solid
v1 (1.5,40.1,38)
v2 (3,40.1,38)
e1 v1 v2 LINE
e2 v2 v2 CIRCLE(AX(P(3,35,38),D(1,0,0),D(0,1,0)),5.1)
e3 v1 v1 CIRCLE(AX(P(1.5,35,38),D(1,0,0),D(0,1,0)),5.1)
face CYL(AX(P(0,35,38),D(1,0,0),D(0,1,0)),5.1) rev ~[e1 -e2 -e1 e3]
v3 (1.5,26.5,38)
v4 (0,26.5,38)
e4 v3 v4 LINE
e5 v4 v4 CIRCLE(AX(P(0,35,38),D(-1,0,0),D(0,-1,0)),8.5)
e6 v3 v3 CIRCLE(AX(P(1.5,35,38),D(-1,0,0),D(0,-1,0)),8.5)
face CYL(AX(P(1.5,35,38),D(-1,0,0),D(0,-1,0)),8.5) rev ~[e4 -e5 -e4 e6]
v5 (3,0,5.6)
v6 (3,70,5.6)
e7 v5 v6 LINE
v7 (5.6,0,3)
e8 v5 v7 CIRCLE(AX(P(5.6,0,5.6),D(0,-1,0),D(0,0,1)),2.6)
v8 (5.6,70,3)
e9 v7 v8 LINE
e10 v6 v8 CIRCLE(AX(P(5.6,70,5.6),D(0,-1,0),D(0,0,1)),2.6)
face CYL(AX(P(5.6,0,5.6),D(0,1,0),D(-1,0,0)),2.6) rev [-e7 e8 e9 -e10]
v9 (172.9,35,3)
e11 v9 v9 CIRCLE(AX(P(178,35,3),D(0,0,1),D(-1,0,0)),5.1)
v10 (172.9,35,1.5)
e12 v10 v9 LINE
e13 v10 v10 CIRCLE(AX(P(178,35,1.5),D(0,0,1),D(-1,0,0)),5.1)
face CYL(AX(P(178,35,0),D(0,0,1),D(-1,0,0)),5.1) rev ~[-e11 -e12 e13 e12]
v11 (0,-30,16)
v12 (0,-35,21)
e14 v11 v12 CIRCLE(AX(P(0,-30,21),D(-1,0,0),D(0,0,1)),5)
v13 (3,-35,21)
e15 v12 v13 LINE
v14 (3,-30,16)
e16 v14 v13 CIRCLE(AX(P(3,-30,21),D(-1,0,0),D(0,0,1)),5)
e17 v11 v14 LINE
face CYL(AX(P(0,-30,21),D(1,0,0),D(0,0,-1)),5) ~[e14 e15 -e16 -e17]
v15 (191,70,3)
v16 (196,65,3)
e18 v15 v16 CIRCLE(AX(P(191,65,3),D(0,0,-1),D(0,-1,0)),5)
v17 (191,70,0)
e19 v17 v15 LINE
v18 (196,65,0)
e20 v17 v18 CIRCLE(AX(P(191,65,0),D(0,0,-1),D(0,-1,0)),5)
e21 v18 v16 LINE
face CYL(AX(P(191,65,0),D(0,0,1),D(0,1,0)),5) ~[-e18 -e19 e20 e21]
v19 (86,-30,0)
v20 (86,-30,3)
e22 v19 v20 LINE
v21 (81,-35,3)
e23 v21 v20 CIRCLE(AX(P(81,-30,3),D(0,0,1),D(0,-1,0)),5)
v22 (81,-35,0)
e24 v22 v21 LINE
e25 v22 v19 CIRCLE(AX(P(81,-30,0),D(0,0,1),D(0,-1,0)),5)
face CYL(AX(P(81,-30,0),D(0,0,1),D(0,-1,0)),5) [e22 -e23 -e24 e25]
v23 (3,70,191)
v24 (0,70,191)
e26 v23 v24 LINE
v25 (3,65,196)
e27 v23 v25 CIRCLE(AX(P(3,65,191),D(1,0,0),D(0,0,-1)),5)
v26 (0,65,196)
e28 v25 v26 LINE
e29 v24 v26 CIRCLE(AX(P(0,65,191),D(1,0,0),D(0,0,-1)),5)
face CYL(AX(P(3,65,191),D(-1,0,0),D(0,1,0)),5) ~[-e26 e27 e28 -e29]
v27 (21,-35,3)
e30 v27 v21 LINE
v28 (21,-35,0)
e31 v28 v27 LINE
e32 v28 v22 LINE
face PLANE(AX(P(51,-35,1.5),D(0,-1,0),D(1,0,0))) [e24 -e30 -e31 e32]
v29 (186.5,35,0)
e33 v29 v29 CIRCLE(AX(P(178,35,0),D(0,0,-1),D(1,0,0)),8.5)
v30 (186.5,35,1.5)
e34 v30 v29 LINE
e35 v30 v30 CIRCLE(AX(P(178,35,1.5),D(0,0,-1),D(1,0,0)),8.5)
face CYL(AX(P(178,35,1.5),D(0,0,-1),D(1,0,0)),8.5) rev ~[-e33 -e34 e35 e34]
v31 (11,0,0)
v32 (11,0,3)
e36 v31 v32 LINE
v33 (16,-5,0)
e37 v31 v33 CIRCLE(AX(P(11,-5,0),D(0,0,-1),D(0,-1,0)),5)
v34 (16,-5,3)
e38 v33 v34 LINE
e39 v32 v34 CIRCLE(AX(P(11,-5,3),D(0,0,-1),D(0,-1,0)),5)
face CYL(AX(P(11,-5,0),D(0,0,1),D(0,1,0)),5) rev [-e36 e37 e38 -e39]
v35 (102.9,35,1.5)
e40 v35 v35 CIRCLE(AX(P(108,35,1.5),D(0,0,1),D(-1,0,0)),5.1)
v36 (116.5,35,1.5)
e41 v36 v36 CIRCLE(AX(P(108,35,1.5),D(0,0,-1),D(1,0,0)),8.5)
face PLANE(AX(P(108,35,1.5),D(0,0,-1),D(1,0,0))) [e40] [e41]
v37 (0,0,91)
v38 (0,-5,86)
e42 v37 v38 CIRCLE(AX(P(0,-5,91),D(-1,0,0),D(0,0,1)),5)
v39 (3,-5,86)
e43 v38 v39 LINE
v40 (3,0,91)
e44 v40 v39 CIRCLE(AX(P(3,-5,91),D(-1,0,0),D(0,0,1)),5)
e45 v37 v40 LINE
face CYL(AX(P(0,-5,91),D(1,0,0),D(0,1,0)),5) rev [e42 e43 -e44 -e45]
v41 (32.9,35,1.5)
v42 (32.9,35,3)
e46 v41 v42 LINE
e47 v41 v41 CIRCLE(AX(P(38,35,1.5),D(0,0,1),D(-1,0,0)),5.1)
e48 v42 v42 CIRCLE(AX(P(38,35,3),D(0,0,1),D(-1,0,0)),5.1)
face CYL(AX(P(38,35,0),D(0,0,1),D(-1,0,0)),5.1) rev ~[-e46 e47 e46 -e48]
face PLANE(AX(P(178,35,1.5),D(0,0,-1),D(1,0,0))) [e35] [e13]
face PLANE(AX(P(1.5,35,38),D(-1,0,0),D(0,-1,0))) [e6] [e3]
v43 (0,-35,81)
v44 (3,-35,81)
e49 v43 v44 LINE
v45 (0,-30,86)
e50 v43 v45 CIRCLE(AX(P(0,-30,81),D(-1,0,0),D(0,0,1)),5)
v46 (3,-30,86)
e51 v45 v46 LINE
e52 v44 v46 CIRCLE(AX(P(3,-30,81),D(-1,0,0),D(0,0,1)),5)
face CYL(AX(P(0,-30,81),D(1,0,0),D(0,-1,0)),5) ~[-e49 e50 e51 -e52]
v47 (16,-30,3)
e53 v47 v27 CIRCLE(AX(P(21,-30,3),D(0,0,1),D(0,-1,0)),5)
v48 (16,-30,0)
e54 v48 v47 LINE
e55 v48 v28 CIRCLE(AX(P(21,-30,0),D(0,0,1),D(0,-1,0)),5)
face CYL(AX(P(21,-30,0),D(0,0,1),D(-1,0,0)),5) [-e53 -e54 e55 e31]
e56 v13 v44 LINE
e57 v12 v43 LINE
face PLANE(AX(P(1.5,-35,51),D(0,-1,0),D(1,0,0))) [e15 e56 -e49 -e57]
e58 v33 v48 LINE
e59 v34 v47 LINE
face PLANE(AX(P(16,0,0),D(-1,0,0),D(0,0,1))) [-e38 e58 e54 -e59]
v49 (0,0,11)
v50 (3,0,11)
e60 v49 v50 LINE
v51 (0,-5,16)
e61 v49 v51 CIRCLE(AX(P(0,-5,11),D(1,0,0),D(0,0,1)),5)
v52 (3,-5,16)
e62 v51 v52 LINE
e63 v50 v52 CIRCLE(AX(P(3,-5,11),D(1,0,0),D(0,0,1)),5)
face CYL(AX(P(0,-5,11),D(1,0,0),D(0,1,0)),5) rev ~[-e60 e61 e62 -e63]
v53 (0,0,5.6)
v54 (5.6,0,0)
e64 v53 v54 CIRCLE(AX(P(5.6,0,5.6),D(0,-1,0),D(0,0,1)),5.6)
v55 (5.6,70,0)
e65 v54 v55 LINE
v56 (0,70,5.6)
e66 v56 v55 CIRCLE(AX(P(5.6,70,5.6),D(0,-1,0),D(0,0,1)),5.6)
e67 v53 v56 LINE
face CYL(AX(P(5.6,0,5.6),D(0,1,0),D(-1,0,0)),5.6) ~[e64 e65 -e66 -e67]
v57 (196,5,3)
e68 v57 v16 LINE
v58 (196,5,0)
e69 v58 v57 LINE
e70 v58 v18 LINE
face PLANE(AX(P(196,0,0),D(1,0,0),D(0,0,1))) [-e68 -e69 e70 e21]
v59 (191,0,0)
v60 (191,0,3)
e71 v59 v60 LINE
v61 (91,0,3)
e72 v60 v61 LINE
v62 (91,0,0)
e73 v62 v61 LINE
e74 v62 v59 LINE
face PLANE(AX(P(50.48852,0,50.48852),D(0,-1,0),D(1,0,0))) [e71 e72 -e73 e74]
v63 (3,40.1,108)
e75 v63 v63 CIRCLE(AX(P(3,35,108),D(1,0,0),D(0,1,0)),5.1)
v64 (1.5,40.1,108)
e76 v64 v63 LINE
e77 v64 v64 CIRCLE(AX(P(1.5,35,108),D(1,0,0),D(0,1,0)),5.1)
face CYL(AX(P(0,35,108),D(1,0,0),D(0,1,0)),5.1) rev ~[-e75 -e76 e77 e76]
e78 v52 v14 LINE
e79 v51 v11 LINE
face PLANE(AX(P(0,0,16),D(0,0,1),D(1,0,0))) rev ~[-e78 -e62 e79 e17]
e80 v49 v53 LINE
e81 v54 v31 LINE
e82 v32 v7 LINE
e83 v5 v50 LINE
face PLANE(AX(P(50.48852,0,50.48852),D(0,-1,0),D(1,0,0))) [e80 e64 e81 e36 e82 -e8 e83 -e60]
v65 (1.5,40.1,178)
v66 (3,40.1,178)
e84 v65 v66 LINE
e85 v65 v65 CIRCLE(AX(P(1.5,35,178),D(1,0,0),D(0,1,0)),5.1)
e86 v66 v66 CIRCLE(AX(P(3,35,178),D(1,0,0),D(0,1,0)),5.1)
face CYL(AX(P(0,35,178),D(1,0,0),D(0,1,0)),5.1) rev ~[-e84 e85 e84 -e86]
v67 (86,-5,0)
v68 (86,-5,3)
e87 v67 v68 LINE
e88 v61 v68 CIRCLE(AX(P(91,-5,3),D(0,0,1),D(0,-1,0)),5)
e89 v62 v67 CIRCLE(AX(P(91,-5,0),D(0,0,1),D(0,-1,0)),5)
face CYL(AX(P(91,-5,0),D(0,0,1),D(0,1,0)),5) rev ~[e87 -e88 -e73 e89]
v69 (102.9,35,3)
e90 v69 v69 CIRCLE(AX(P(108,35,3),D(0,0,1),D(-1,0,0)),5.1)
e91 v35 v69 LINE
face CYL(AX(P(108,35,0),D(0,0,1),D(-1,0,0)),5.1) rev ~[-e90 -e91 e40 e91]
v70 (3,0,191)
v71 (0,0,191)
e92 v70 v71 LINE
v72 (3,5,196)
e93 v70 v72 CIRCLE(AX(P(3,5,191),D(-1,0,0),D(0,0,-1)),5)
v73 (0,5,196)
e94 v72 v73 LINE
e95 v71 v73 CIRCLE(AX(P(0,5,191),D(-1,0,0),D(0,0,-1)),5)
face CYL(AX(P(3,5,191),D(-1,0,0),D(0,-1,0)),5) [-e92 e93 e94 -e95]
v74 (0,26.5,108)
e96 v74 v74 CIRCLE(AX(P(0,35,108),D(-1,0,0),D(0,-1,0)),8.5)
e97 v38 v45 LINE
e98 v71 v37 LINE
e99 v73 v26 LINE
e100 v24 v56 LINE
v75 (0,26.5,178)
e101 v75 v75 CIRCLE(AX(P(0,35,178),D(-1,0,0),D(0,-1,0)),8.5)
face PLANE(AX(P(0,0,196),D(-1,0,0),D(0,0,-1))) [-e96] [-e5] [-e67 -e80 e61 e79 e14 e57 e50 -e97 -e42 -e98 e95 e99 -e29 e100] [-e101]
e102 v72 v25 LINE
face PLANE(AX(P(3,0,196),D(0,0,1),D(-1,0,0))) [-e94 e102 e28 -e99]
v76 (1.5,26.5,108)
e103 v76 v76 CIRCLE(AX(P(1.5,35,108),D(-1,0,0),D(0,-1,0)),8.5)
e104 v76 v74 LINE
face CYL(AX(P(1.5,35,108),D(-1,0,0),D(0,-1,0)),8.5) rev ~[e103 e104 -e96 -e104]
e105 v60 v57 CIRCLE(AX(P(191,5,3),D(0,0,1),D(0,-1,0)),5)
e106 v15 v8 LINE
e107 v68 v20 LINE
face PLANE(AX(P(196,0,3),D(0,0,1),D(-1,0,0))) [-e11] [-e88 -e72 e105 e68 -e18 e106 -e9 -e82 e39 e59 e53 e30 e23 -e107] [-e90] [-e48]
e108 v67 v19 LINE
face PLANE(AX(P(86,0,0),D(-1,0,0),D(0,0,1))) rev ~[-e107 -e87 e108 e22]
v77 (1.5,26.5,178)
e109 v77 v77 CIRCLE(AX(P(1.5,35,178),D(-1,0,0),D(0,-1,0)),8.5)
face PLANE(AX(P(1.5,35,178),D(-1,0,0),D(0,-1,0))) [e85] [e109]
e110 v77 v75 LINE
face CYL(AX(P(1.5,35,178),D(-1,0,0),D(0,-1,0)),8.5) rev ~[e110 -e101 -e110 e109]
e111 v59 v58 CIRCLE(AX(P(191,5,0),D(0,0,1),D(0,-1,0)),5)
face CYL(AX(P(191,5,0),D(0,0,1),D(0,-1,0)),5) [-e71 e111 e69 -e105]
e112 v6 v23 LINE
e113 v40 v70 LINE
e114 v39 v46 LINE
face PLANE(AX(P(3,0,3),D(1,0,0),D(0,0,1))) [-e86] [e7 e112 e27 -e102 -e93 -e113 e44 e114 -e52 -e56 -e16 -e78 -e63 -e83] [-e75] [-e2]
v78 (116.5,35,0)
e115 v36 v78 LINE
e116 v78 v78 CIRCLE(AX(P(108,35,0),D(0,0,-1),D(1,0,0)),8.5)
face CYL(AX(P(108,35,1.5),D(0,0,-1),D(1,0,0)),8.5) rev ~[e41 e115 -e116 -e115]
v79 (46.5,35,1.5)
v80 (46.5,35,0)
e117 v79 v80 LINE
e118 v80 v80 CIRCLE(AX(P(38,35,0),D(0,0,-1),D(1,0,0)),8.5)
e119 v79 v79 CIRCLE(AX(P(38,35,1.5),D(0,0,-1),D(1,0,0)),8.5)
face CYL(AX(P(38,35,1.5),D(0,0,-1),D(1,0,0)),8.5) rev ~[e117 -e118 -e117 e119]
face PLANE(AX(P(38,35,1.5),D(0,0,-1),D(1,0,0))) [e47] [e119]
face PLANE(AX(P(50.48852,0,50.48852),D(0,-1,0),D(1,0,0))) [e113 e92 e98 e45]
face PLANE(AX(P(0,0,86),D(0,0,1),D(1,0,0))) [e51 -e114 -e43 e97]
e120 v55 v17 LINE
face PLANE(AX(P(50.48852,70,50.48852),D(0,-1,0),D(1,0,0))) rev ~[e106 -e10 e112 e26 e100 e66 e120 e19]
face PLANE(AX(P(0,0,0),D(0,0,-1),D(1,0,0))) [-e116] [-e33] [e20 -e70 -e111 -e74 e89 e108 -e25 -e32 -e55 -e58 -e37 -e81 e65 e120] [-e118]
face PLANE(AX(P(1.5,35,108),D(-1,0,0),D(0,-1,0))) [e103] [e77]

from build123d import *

# Parameters (mm, degrees)
F2_DEPTH              = 70
F3_R                  = 5.6
F4_R                  = 2.6
F5_W                  = 70
F5_H                  = 3
F5_W_2                = 3
F5_H_2                = 70
F6_DEPTH              = 35
F7_R                  = 5
F10_D                 = 10.2
F10_CBORE_D           = 17
F10_CBORE_DEPTH       = 1.5
F10_ON_F9_D           = 10.2
F10_ON_F9_CBORE_D     = 17
F10_ON_F9_CBORE_DEPTH = 1.5


with BuildPart() as f2:
    # F1 (on Front) → F2 (new body)
    with BuildSketch(Plane.XZ):
        Polygon((3, 196), (0, 196), (0, 0), (196, 0), (196, 3), (3, 3), align=None)
    extrude(amount=-F2_DEPTH)

    # F3
    f3_edges = [f2.edges().sort_by_distance(p)[0] for p in [
        (0, 35, 0),
    ]]
    fillet(f3_edges, radius=F3_R)

    # F4
    f4_edges = [f2.edges().sort_by_distance(p)[0] for p in [
        (3, 35, 3),
    ]]
    fillet(f4_edges, radius=F4_R)

    # F5 (on face) → F6 (join)
    with BuildSketch(Plane.XZ):
        with Locations((51, 1.5)):
            Rectangle(F5_W, F5_H)
        with Locations((1.5, 51)):
            Rectangle(F5_W_2, F5_H_2)
    extrude(amount=F6_DEPTH)

    # F7
    f7_edges = [f2.edges().sort_by_distance(p)[0] for p in [
        (16, 0, 1.5),
        (16, -35, 1.5),
        (86, -35, 1.5),
        (86, 0, 1.5),
        (1.5, -35, 16),
        (1.5, -35, 86),
        (1.5, 0, 16),
        (1.5, 0, 86),
        (1.5, 0, 196),
        (1.5, 70, 196),
        (196, 70, 1.5),
        (196, 0, 1.5),
    ]]
    fillet(f7_edges, radius=F7_R)

    # F10 (through all)
    with Locations(Plane(origin=(0, 0, 0), x_dir=(1, 0, 0), z_dir=(0, 0, -1))):
        with Locations((38, -35), (108, -35), (178, -35)):
            CounterBoreHole(F10_D / 2, F10_CBORE_D / 2, F10_CBORE_DEPTH)

    # F10 on F9 (through all)
    with Locations(Plane(origin=(0, 0, 0), x_dir=(0, -1, 0), z_dir=(-1, 0, 0))):
        with Locations((-35, 178), (-35, 108), (-35, 38)):
            CounterBoreHole(F10_ON_F9_D / 2, F10_ON_F9_CBORE_D / 2, F10_ON_F9_CBORE_DEPTH)


solid = f2.part
